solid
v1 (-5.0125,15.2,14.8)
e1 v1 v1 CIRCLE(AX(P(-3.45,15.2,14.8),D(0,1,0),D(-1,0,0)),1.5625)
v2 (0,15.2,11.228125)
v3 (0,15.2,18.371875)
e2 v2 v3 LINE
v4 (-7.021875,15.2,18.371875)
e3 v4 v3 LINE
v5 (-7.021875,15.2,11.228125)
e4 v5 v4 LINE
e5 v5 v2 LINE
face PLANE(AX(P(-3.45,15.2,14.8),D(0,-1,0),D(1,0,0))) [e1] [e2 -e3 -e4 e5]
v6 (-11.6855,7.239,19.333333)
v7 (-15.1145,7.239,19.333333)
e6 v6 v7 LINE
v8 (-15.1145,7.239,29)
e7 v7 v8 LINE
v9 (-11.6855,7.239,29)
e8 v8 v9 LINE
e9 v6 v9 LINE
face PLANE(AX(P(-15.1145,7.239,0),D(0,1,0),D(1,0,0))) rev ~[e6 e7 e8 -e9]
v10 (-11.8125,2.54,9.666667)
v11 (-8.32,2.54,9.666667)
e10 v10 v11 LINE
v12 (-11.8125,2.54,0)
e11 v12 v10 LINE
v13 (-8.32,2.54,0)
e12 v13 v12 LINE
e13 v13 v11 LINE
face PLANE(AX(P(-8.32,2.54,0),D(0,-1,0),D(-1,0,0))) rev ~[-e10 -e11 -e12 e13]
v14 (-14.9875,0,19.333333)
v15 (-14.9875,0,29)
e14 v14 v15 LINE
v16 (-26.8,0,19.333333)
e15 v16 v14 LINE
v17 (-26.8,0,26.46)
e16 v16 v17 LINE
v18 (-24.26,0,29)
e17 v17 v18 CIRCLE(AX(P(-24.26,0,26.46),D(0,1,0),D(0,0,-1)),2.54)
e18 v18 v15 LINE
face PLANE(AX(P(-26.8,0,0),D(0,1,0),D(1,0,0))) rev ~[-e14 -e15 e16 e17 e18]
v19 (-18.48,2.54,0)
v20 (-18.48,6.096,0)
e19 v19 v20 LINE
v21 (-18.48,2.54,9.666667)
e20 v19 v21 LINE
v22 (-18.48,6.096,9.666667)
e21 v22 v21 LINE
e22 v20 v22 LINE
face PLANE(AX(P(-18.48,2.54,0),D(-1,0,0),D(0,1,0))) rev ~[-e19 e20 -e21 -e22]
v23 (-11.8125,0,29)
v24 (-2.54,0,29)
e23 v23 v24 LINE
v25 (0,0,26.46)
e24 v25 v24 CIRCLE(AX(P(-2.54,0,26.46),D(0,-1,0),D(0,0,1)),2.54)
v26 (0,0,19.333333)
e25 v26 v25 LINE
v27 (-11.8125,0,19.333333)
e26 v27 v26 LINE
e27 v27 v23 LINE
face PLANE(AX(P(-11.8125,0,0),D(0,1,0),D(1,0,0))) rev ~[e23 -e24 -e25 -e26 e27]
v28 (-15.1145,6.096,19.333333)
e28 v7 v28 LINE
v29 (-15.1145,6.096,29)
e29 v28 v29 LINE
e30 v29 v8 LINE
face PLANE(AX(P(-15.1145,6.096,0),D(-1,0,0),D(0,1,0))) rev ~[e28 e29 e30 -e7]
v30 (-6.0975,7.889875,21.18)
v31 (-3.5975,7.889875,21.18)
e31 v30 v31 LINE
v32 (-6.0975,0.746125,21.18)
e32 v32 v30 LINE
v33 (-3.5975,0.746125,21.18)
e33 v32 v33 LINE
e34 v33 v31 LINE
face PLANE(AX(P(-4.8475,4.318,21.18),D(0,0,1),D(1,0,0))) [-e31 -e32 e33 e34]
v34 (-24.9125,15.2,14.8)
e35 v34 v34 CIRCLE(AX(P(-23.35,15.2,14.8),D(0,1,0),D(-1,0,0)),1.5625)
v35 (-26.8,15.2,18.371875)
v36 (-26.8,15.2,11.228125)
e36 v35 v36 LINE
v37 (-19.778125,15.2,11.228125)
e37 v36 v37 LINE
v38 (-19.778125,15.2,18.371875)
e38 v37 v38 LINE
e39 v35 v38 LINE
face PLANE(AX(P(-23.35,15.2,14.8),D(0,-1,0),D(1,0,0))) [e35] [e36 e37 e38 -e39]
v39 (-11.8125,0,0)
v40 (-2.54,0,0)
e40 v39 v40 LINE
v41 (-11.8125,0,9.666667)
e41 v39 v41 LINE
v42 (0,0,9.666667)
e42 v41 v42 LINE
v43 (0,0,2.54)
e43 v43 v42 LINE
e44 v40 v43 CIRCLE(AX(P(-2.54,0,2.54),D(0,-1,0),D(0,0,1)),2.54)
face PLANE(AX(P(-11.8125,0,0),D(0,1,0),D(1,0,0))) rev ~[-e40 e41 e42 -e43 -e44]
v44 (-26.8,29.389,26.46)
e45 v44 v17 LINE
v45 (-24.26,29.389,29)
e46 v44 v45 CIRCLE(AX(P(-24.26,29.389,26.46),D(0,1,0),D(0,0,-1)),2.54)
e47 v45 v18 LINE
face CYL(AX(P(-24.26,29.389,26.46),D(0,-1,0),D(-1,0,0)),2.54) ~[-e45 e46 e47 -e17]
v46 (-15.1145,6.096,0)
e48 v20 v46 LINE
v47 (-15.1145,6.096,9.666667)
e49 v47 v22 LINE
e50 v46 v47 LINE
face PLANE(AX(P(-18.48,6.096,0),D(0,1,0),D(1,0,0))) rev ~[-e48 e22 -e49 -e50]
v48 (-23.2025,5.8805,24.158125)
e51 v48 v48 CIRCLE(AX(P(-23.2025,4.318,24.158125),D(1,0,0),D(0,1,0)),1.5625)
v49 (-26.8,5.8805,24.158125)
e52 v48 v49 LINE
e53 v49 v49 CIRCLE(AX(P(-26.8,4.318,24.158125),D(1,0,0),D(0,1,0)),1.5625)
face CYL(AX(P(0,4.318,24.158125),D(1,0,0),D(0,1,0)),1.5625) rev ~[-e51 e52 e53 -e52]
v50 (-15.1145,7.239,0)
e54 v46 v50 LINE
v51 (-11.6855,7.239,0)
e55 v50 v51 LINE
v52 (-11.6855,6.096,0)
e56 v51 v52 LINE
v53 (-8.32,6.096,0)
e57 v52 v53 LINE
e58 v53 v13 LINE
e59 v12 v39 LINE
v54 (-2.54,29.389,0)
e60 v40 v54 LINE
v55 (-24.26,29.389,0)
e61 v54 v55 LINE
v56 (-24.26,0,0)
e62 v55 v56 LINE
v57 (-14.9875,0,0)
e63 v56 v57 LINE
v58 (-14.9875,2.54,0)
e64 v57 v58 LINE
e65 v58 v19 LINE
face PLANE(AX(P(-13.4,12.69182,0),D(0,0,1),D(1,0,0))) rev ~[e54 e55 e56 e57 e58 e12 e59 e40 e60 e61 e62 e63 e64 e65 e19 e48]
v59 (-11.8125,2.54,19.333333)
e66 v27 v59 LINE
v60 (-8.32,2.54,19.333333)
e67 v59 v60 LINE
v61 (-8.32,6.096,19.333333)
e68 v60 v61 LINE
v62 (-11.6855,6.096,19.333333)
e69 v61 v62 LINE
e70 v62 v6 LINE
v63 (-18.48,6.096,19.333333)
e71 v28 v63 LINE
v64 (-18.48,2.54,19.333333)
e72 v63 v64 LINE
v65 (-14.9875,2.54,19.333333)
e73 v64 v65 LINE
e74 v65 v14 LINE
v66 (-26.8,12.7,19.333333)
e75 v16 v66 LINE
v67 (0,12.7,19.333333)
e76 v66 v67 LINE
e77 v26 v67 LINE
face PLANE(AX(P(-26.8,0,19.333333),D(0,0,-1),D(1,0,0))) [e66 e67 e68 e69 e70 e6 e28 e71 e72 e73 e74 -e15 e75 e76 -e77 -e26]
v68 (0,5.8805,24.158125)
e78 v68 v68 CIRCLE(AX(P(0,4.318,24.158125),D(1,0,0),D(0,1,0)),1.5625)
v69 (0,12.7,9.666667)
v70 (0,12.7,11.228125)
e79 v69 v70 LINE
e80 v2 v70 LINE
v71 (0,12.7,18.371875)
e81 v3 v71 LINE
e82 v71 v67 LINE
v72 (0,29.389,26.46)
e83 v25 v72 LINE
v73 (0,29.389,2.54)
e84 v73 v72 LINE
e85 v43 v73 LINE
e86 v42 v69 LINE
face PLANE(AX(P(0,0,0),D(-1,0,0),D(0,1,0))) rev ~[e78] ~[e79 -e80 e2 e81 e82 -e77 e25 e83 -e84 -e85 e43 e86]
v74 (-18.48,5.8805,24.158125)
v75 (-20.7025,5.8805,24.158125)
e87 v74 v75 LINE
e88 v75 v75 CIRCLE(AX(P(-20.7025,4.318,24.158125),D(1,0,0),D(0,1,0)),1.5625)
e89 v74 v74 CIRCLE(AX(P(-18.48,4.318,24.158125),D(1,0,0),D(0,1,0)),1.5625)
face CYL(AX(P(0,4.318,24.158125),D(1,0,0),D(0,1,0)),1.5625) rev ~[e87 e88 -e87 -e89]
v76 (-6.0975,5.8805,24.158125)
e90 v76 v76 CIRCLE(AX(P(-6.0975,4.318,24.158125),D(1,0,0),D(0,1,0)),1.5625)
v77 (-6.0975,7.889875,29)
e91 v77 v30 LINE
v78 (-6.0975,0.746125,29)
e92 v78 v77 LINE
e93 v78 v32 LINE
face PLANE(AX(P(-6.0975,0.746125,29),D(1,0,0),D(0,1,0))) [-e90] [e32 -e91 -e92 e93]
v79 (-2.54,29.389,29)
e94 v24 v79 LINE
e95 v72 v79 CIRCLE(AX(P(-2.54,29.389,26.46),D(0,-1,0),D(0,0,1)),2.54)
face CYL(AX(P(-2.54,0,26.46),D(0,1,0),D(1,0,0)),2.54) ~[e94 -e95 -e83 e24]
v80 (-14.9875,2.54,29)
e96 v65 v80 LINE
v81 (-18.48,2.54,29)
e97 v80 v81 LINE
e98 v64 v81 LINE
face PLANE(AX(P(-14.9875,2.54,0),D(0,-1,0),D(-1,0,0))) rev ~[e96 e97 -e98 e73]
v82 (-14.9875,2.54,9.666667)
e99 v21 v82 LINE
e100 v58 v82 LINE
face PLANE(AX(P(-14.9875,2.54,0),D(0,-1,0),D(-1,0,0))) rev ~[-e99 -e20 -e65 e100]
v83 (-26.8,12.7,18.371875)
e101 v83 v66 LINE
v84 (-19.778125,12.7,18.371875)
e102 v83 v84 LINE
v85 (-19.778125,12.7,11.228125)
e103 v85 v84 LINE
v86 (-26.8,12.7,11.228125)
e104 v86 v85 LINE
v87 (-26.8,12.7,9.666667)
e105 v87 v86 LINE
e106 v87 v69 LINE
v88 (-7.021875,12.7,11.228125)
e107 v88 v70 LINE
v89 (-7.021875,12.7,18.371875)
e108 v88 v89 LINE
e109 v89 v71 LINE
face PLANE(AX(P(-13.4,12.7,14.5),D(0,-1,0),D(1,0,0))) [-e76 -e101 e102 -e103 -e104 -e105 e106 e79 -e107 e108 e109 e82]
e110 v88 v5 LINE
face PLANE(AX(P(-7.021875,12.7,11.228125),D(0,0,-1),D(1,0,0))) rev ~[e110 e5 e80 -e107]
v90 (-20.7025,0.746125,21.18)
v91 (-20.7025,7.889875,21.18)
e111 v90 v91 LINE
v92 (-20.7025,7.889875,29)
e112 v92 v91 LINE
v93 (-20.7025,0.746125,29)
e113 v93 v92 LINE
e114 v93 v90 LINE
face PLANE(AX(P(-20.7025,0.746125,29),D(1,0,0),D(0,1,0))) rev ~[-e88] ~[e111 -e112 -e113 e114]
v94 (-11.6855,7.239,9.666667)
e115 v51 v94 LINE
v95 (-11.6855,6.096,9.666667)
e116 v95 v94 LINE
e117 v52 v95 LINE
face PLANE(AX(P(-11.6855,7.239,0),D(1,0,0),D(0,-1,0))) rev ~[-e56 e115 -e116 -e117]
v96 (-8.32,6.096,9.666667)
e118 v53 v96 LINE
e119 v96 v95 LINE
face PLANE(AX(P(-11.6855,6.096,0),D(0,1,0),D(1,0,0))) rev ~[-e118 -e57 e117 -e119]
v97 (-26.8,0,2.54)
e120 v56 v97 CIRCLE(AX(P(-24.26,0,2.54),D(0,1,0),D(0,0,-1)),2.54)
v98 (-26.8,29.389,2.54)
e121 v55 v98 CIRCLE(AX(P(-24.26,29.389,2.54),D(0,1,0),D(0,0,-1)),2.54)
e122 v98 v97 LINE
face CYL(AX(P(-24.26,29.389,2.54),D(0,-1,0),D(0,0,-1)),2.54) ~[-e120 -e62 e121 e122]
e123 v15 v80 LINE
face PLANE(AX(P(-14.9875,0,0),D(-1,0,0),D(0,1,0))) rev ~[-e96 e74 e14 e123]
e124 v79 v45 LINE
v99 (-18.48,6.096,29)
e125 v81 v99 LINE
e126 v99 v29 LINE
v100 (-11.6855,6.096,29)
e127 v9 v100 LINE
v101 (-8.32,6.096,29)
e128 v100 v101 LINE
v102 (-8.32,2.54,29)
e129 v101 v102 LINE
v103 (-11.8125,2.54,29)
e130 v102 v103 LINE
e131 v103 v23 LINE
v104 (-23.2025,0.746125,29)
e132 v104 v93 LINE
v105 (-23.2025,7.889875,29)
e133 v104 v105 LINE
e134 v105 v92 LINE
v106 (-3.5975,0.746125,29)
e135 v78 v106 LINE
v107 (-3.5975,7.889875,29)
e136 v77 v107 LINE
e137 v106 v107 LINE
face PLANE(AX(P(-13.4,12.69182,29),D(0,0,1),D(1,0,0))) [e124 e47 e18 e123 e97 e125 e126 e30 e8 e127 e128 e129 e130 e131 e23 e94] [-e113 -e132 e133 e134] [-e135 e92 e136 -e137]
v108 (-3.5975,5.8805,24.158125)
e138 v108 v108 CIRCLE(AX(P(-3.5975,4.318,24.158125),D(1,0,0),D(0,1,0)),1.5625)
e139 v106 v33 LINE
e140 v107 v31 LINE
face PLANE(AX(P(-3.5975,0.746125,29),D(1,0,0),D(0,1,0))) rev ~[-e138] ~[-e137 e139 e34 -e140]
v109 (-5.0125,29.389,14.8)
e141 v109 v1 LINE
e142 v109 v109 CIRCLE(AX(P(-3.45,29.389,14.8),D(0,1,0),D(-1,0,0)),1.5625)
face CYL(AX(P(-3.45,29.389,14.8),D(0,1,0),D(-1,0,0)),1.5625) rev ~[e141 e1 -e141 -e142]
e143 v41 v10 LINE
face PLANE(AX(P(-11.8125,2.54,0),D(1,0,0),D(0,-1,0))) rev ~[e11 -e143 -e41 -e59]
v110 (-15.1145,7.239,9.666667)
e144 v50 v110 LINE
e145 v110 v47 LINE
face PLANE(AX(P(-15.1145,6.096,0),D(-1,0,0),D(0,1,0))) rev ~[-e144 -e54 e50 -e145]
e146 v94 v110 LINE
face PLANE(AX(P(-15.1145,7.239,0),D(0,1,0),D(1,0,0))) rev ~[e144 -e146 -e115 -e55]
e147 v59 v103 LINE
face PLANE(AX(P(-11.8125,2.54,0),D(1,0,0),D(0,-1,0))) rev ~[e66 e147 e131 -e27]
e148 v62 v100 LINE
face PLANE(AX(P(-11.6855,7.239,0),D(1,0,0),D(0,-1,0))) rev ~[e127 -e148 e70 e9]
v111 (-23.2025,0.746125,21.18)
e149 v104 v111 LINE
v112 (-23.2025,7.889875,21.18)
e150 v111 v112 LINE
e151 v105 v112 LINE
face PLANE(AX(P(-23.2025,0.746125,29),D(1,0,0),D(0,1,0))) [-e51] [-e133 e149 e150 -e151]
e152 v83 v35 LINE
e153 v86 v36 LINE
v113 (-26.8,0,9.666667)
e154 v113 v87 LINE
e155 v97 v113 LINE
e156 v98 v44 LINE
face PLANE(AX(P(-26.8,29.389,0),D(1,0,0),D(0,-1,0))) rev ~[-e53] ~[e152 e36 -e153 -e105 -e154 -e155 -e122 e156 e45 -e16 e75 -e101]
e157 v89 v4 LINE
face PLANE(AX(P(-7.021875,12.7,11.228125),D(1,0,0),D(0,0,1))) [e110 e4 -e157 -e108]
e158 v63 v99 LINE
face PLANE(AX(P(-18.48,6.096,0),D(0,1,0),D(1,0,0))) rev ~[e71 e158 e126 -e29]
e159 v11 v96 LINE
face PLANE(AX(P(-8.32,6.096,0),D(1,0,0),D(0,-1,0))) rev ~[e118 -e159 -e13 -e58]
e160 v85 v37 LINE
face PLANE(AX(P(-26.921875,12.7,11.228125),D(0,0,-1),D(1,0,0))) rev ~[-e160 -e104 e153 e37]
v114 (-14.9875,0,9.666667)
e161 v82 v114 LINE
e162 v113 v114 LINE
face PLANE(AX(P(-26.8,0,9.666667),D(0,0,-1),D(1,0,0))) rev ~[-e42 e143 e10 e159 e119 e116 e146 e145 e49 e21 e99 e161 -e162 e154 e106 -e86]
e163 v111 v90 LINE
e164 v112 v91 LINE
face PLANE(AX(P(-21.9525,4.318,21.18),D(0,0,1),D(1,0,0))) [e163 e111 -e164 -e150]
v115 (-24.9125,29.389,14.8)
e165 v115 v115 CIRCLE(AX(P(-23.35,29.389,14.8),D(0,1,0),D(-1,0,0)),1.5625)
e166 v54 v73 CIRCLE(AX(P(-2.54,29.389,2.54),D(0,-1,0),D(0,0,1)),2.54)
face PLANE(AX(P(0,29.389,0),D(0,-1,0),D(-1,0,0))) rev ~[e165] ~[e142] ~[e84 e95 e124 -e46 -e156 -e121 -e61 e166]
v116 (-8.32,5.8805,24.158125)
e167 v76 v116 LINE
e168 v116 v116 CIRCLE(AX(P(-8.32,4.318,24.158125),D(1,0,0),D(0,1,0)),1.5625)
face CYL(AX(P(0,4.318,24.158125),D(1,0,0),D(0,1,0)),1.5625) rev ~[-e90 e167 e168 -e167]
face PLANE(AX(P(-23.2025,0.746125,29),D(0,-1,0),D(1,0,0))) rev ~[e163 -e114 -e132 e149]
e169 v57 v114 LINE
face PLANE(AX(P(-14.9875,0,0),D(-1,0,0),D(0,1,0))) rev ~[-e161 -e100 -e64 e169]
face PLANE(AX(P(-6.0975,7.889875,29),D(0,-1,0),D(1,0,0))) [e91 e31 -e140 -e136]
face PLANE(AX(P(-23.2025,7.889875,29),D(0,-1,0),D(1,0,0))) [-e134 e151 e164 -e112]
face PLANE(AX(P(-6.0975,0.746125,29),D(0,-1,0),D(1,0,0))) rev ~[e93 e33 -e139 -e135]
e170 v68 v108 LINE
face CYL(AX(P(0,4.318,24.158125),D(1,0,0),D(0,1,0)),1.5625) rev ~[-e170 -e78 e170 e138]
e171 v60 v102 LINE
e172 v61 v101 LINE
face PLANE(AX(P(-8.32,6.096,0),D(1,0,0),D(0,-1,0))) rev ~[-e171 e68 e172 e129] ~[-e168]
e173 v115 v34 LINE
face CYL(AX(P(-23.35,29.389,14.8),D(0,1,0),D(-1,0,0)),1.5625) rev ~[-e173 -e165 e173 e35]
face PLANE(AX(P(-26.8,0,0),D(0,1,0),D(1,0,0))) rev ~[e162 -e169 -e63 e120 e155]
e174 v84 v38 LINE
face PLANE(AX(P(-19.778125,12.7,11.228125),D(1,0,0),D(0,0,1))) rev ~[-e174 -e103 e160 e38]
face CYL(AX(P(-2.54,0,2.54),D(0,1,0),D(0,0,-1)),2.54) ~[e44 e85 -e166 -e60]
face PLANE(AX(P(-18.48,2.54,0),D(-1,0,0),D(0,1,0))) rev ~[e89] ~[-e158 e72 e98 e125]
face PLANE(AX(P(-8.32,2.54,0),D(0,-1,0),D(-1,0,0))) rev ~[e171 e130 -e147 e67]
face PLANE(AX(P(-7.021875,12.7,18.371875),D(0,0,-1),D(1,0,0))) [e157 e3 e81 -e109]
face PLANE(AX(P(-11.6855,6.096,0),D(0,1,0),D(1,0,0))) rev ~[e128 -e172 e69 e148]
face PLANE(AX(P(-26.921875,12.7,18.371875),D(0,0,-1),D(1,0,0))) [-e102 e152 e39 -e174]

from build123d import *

# Parameters (mm, degrees)
F1_DEPTH  = 29
F2_W      = 26.8
F2_H      = 9.666666
F3_DEPTH  = 12.7
F4_R      = 2.54
F5_R      = 1.5625
F6_DEPTH  = 16.689
F7_W      = 7.14375
F7_H      = 7.14375
F8_DEPTH  = 2.5
F11_R     = 1.5625
F12_DEPTH = 26.801
F15_W     = 2.5
F15_H     = 7.14375
F16_DEPTH = 7.82


with BuildPart() as f1:
    # F0 (on Top) → F1 (new body)
    with BuildSketch(Plane.XY):
        Polygon((-11.8125, 0), (0, 0), (0, 29.389), (-26.8, 29.389), (-26.8, 0), (-14.9875, 0), (-14.9875, 2.54), (-18.48, 2.54), (-18.48, 6.096), (-15.1145, 6.096), (-15.1145, 7.239), (-11.6855, 7.239), (-11.6855, 6.096), (-8.32, 6.096), (-8.32, 2.54), (-11.8125, 2.54), align=None)
    extrude(amount=F1_DEPTH)

    # F2 (on face) → F3 (cut)
    with BuildSketch(Plane.XZ):
        with Locations((-13.4, 14.5)):
            Rectangle(F2_W, F2_H)
    extrude(amount=-F3_DEPTH, mode=Mode.SUBTRACT)

    # F4
    f4_edges = [f1.edges().sort_by_distance(p)[0] for p in [
        (0, 14.6945, 29),
        (-26.8, 14.6945, 29),
        (-26.8, 14.6945, 0),
        (0, 14.6945, 0),
    ]]
    fillet(f4_edges, radius=F4_R)

    # F5 (on face) → F6 (cut, through all)
    with BuildSketch(Plane(origin=(0, 29.389, 0), x_dir=(-1, 0, 0), z_dir=(0, 1, 0))):
        with Locations((3.45, 14.8)):
            Circle(F5_R)
        with Locations((23.35, 14.8)):
            Circle(F5_R)
    extrude(amount=-F6_DEPTH, mode=Mode.SUBTRACT)

    # F7 (on face) → F8 (cut)
    with BuildSketch(Plane.XZ.offset(-12.7)):
        with Locations((-23.35, 14.8)):
            Rectangle(F7_W, F7_H)
        with Locations((-3.45, 14.8)):
            Rectangle(F7_W, F7_H)
    extrude(amount=-F8_DEPTH, mode=Mode.SUBTRACT)

    # F11 (on face) → F12 (cut, through all)
    with BuildSketch(Plane.YZ):
        with Locations((4.318, 24.158125)):
            Circle(F11_R)
    extrude(amount=-F12_DEPTH, mode=Mode.SUBTRACT)

    # F15 (on face) → F16 (cut)
    with BuildSketch(Plane.XY.offset(29)):
        with Locations((-4.8475, 4.318)):
            Rectangle(F15_W, F15_H)
        with Locations((-21.9525, 4.318)):
            Rectangle(F15_W, F15_H)
    extrude(amount=-F16_DEPTH, mode=Mode.SUBTRACT)


solid = f1.part
